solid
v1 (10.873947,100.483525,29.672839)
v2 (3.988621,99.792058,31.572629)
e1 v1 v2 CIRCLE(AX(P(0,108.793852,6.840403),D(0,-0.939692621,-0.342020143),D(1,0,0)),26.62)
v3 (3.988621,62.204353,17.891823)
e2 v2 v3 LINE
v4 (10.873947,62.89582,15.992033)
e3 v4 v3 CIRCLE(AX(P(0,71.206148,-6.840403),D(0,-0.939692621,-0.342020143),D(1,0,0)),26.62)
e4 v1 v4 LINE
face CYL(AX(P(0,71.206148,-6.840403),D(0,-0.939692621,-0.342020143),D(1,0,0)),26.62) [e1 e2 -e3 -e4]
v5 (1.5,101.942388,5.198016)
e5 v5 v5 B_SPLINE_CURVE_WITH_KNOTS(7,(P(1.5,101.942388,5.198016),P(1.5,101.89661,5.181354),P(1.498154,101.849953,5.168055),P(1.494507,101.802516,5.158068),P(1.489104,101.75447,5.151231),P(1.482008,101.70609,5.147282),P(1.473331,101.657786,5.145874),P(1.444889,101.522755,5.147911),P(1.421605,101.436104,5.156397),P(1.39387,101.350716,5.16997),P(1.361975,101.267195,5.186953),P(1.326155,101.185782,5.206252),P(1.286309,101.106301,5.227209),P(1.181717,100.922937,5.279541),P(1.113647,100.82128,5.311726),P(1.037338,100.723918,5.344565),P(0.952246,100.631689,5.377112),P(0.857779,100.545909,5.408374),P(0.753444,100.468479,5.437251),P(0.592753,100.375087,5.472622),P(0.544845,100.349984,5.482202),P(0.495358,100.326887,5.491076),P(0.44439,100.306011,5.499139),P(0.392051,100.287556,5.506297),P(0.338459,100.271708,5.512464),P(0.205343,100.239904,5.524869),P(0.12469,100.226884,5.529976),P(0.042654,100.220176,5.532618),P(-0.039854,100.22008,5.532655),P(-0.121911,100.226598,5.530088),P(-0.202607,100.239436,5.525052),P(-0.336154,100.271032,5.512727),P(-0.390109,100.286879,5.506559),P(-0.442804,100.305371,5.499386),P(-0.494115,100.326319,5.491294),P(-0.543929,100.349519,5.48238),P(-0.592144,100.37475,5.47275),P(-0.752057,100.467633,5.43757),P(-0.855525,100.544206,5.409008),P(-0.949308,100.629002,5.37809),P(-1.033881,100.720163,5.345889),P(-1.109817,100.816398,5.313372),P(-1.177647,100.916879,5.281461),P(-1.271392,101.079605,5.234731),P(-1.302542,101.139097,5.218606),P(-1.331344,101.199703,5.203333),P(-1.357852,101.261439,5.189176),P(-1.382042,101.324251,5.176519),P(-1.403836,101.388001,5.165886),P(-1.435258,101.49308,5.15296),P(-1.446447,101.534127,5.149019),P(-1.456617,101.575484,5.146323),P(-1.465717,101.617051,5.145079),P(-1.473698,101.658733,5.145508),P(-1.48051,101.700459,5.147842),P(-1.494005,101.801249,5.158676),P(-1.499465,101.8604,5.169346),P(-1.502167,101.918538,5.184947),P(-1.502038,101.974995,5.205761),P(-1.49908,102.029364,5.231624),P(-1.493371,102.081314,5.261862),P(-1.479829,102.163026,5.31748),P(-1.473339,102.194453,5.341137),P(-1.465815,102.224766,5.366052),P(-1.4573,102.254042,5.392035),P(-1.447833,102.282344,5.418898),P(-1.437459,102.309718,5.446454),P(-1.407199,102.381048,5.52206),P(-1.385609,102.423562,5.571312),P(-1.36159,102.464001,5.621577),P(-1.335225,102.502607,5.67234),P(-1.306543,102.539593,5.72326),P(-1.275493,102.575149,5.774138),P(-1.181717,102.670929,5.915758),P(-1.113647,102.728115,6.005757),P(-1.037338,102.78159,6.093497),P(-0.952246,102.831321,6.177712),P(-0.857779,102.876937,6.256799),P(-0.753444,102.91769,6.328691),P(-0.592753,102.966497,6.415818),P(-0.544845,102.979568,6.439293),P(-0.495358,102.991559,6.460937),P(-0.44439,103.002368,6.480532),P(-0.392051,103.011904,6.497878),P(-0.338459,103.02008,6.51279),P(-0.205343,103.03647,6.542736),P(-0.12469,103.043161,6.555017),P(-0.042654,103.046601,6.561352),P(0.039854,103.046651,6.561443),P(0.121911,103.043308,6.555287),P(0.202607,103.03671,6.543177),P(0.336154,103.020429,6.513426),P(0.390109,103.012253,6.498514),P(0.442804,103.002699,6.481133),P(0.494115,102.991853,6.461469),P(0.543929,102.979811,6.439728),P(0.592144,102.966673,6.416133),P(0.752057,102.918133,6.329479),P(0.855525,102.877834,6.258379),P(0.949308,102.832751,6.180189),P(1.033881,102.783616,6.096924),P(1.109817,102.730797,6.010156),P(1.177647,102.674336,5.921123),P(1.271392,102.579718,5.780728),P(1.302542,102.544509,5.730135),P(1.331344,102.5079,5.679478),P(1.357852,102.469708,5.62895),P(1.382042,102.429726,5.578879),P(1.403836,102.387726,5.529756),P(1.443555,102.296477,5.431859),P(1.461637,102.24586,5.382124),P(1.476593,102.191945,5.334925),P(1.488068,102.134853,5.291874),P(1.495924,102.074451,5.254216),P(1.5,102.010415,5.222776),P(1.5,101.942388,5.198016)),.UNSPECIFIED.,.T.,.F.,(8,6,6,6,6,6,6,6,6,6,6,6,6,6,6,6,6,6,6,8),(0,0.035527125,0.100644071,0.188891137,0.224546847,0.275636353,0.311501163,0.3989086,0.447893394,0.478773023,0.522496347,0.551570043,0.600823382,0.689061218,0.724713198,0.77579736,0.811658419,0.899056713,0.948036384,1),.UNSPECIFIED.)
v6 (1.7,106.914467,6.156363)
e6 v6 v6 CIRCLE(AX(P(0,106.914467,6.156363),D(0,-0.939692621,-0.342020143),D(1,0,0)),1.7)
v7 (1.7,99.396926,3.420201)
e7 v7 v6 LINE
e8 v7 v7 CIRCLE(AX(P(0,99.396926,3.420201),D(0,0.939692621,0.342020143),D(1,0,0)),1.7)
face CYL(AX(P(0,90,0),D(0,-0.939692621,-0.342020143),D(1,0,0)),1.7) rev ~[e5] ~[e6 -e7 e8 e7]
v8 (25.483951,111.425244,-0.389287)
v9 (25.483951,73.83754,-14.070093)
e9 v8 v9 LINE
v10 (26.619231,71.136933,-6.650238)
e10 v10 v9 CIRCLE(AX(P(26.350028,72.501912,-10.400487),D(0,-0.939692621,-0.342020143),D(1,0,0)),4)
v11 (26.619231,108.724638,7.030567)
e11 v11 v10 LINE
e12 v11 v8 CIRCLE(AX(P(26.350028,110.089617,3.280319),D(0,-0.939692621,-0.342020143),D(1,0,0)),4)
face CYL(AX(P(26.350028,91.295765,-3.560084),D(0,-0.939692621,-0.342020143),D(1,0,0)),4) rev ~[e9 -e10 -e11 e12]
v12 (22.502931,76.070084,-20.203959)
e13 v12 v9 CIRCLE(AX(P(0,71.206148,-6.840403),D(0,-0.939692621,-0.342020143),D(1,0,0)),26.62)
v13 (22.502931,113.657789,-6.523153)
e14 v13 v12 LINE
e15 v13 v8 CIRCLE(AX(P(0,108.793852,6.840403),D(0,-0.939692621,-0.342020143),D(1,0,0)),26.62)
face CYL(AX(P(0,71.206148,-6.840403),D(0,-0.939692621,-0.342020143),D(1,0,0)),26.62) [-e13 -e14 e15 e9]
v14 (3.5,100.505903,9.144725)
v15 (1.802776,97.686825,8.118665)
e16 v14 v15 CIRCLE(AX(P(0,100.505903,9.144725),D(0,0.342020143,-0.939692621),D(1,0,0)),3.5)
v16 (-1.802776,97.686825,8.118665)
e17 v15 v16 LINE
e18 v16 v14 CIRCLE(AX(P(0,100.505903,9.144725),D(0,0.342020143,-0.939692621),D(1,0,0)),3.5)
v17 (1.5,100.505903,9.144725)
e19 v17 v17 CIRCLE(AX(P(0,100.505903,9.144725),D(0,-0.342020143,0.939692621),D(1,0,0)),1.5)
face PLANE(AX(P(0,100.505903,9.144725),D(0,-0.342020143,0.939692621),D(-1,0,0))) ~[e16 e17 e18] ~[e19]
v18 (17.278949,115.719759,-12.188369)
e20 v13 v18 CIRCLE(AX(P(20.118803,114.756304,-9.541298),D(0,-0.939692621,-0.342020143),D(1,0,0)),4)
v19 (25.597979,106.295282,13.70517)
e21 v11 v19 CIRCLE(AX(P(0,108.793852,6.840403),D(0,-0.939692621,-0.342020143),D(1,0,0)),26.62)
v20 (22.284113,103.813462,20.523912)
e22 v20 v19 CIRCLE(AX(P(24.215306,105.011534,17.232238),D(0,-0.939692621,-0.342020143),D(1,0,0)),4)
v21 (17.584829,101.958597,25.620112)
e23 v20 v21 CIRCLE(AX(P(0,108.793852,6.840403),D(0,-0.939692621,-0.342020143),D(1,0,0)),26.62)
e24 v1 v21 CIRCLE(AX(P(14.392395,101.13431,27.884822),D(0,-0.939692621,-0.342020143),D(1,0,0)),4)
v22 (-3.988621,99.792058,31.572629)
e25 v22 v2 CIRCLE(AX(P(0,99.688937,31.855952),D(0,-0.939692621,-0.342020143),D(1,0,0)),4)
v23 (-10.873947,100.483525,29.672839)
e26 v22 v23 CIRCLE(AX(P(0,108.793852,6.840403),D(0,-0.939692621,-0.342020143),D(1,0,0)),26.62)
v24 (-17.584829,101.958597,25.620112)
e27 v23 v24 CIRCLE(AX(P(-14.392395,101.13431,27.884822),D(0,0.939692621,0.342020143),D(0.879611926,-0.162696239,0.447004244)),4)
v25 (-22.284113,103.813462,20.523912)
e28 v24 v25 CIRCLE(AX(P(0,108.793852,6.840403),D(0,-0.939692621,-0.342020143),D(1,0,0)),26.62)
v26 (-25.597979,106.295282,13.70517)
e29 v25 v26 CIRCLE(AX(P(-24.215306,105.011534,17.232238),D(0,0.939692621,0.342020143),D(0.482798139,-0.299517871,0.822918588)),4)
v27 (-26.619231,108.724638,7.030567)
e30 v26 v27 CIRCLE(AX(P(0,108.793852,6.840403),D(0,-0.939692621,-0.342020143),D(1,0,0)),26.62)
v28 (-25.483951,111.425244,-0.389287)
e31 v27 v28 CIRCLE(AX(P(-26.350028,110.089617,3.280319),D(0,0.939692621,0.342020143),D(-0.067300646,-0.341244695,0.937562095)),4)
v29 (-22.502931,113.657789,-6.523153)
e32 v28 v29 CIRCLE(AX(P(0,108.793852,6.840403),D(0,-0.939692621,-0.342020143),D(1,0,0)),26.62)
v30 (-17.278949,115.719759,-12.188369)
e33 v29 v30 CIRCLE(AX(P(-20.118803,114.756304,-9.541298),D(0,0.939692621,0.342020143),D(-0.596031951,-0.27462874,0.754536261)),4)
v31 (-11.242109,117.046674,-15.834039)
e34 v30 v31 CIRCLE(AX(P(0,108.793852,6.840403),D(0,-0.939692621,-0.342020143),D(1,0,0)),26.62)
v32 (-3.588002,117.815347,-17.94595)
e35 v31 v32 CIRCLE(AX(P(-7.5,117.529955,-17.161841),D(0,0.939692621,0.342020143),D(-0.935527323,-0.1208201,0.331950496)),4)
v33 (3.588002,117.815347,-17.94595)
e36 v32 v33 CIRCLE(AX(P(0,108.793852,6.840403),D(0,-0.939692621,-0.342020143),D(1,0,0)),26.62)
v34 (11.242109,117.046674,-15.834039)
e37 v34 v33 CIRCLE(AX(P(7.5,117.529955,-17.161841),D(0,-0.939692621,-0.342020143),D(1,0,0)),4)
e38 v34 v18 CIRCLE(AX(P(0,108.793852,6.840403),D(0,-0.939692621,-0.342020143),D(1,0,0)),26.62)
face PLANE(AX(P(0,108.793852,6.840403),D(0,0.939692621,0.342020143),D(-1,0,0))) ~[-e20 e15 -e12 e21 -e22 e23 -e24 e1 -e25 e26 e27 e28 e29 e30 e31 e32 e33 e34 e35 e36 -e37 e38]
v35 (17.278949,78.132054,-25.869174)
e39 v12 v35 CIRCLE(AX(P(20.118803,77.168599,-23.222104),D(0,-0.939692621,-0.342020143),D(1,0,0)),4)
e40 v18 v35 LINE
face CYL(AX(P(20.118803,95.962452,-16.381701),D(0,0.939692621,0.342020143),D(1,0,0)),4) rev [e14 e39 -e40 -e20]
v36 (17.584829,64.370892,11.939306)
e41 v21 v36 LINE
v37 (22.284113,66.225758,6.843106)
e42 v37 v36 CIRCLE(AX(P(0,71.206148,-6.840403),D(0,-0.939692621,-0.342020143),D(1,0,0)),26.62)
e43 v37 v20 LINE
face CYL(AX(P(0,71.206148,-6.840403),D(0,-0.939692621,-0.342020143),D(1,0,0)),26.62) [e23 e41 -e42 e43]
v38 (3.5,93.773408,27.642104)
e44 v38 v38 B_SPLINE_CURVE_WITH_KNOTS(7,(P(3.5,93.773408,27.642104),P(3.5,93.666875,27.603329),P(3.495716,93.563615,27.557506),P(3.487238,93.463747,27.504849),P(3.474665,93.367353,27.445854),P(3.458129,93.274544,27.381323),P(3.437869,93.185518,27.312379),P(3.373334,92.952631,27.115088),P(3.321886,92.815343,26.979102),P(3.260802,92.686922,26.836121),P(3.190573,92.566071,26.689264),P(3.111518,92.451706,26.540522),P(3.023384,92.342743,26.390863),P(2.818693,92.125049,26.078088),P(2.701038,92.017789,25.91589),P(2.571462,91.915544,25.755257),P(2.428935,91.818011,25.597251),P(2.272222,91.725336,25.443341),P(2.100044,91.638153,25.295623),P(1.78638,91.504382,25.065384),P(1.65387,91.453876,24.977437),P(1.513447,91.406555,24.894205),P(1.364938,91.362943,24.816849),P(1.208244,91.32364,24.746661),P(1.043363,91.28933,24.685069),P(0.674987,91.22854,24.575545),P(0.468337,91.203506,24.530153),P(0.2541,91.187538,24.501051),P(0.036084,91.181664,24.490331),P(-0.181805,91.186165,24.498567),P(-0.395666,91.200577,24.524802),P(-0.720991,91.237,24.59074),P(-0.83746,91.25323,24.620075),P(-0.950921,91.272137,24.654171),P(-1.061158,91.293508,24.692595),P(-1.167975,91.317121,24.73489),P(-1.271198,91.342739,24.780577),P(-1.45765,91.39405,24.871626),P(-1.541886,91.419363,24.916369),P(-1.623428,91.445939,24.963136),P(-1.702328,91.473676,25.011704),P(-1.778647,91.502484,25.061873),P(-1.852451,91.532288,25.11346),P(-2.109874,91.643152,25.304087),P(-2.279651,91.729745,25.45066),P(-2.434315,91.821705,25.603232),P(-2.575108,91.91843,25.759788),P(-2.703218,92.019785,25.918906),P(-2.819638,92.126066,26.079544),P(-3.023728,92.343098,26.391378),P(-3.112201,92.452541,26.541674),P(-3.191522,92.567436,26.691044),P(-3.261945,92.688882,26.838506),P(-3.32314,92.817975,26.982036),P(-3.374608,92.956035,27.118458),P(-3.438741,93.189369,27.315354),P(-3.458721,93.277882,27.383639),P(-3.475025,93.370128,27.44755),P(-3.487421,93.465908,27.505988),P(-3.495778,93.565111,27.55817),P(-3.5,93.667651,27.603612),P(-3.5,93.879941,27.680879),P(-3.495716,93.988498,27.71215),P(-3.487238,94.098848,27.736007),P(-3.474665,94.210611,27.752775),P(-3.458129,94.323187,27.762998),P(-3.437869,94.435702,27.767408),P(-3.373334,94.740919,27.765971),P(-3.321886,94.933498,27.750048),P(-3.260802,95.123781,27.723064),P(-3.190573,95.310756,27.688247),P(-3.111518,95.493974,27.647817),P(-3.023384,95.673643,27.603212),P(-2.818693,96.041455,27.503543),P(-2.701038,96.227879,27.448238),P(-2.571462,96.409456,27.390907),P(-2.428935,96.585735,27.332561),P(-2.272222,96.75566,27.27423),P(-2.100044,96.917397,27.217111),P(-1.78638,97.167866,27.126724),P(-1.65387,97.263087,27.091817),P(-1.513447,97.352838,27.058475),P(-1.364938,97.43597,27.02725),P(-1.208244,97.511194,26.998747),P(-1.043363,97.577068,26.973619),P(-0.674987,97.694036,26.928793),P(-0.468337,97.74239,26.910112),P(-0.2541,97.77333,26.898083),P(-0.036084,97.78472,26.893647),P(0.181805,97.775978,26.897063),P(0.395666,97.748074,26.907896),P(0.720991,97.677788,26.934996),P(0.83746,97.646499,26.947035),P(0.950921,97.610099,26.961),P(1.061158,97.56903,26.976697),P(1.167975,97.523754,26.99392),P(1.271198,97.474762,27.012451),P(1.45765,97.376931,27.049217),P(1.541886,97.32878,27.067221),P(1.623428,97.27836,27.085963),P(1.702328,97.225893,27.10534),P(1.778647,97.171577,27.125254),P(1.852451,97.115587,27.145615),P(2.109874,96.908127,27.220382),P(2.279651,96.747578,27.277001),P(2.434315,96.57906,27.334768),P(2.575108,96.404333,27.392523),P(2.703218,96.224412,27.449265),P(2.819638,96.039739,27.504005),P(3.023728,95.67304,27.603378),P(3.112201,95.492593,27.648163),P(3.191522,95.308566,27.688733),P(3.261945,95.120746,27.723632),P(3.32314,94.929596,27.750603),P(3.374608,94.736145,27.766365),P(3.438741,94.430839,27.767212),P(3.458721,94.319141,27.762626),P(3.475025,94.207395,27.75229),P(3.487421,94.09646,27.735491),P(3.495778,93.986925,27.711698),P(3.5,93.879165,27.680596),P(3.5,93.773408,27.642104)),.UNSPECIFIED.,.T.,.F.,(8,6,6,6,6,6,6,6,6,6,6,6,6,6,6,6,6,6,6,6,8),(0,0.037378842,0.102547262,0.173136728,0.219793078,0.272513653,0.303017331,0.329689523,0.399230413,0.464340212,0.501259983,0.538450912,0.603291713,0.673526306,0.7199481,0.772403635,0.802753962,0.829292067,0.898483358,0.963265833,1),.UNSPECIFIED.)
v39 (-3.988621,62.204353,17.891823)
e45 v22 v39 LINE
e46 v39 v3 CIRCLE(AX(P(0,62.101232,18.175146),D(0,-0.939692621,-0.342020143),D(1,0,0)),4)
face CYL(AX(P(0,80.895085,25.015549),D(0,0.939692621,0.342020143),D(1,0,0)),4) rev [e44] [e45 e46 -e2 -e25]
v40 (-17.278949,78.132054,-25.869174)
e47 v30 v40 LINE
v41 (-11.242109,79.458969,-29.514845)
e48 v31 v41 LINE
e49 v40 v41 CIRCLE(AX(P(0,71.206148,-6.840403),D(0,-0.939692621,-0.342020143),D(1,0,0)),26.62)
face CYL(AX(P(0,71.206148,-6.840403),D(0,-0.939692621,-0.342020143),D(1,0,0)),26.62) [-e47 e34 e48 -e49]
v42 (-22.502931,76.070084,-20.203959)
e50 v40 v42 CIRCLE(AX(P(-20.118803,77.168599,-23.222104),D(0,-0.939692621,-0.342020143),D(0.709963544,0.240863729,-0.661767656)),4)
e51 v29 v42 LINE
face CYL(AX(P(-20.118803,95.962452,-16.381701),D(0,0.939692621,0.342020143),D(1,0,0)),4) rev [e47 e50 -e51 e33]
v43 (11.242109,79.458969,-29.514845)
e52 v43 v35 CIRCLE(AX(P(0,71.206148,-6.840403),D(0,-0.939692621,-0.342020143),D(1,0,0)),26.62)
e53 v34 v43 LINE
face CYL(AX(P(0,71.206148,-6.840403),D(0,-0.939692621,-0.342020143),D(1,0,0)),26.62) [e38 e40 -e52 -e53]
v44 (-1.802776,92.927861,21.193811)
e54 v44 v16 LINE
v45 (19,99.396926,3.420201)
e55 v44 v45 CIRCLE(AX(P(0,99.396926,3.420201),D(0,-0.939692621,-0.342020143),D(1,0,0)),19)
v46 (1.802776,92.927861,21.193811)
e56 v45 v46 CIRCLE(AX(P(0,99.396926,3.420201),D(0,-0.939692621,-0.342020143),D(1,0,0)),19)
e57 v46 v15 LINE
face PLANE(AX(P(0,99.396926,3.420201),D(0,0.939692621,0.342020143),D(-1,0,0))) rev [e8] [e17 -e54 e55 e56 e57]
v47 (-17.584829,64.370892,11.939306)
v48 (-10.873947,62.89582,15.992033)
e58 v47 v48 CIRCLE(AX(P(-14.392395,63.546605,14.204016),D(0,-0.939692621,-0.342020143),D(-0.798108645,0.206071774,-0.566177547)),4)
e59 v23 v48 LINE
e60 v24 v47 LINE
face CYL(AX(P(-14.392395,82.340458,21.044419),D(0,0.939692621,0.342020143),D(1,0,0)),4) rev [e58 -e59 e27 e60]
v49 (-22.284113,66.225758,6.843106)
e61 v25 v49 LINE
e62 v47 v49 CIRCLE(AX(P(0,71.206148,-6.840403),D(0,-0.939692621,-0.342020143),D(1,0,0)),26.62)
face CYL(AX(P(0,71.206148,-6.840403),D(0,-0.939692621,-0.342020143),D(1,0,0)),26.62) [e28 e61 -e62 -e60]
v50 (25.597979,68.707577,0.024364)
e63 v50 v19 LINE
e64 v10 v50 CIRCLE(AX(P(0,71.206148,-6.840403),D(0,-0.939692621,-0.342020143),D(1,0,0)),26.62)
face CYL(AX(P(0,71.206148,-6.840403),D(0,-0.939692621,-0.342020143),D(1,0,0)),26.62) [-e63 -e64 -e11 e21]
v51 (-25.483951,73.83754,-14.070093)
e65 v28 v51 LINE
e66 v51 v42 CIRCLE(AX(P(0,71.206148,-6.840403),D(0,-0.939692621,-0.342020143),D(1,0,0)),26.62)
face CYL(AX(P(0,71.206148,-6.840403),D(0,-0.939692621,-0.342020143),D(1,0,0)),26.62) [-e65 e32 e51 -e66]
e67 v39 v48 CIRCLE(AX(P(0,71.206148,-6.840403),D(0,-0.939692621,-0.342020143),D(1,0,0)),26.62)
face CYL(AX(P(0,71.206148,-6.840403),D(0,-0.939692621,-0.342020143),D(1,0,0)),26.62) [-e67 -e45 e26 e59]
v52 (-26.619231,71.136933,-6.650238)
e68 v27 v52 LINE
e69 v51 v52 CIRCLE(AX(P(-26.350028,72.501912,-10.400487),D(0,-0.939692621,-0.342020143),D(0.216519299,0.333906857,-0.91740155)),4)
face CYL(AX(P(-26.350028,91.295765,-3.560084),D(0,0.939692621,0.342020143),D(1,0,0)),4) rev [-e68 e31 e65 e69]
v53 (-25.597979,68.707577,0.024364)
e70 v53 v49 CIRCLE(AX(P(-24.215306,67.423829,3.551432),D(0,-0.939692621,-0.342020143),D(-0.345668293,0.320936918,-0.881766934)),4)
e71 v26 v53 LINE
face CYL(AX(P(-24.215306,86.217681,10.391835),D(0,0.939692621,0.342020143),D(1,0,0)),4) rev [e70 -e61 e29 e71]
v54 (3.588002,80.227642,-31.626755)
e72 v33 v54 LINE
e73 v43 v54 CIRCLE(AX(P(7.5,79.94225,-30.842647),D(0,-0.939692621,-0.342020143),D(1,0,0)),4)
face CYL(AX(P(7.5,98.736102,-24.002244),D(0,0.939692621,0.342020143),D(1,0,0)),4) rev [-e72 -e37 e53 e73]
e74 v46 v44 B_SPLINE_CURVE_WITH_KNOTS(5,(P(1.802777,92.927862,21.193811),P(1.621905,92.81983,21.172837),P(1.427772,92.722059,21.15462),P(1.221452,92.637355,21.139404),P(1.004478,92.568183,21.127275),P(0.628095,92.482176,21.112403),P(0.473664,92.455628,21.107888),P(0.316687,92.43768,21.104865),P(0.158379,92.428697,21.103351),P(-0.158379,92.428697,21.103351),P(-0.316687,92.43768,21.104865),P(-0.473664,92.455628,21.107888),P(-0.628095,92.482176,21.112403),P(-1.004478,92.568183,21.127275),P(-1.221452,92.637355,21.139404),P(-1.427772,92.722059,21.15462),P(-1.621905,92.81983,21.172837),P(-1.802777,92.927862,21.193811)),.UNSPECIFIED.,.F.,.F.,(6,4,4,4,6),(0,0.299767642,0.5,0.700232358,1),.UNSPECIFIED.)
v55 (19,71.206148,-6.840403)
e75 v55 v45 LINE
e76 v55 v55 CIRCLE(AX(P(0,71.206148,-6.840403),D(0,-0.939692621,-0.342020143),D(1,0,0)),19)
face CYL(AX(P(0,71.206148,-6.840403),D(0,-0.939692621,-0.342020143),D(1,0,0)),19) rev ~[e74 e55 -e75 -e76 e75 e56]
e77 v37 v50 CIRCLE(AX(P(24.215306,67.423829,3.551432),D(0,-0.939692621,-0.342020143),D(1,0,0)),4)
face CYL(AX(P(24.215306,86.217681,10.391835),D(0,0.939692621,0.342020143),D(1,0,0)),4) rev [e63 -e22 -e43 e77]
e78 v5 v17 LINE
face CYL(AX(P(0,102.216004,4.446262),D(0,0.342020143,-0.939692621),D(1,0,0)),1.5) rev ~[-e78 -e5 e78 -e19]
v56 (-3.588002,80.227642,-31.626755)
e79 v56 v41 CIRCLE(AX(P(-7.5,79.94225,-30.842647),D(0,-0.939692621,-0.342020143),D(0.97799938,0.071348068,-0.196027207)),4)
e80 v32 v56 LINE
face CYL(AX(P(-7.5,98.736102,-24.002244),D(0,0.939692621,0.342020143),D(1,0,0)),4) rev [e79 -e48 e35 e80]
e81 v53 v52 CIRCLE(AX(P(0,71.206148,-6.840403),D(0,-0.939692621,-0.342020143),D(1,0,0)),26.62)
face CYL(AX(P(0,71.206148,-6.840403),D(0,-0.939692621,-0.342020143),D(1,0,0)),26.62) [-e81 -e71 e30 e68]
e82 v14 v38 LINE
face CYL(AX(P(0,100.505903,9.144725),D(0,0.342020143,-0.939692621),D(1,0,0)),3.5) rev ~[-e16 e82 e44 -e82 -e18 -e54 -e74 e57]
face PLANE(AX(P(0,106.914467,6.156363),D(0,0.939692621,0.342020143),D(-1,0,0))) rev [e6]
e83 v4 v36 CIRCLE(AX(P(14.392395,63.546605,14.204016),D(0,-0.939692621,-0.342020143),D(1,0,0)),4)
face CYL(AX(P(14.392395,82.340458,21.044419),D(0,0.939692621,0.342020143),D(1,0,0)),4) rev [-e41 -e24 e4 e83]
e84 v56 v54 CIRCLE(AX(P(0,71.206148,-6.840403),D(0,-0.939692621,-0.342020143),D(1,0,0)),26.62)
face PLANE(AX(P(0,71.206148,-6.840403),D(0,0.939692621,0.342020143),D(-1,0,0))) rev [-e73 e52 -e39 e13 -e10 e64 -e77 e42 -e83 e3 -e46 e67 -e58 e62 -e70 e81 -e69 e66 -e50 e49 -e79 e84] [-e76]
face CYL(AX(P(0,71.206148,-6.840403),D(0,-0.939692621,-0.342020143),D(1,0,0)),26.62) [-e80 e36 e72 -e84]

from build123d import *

# Parameters (mm, degrees)
CYLINDER003_R          = 1.7
CYLINDER003_DEPTH      = 18
CYLINDER003_ROLL_ANGLE = 90.0000000001
CYLINDER002_R          = 3.5
CYLINDER002_DEPTH      = 35
CYLINDER004_R          = 1.5
CYLINDER004_DEPTH      = 40
SKETCH_R               = 4
PAD_DEPTH              = 20
CYLINDER001_R          = 19
CYLINDER001_DEPTH      = 30
CYLINDER001_ROLL_ANGLE = 90.0000000001
CYLINDER_R             = 26.62
CYLINDER_DEPTH         = 40
CYLINDER_ROLL_ANGLE    = 90.0000000001
CUT002_ROLL_ANGLE      = -20


with BuildPart() as cilindro003:
    # Cylinder003 → Cylinder003 (new body)
    with BuildSketch(Plane.XY):
        Circle(CYLINDER003_R)
    extrude(amount=CYLINDER003_DEPTH)


with BuildPart() as cilindro003_1:
    # Cylinder003 roll: moved
    add(cilindro003.part.rotate(Axis((0, 0, 0), (1, 0, 0)), CYLINDER003_ROLL_ANGLE))


with BuildPart() as cilindro003_2:
    # Cylinder003 placement: moved
    add(cilindro003_1.part)


with BuildPart() as cilindro002:
    # Cylinder002 → Cylinder002 (new body)
    with BuildSketch(Plane(origin=(0, -13, 5), x_dir=(1, 0, 0), z_dir=(0, 0, 1))):
        Circle(CYLINDER002_R)
    extrude(amount=CYLINDER002_DEPTH)


with BuildPart() as fusion001:
    # Cylinder004 → Cylinder004 (new body)
    with BuildSketch(Plane(origin=(0, -13, 0), x_dir=(1, 0, 0), z_dir=(0, 0, 1))):
        Circle(CYLINDER004_R)
    extrude(amount=CYLINDER004_DEPTH)

    # Fusion001: union Cilindro003, Cilindro002
    add(cilindro003_2.part)
    add(cilindro002.part)


with BuildPart() as pad:
    # Sketch → Pad (new body, symmetric)
    with BuildSketch(Plane.XZ):
        with Locations((0, 26.6209914966)):
            Circle(SKETCH_R)
        with Locations((14.3923946042, 22.395003144)):
            Circle(SKETCH_R)
        with Locations((24.2153056134, 11.0587595287)):
            Circle(SKETCH_R)
        with Locations((26.3500281875, -3.7885620995)):
            Circle(SKETCH_R)
        with Locations((20.1188029925, -17.4330420298)):
            Circle(SKETCH_R)
        with Locations((7.5, -25.5426542917)):
            Circle(SKETCH_R)
        with Locations((-7.5, -25.5426542917)):
            Circle(SKETCH_R)
        with Locations((-26.3500281875, -3.7885620995)):
            Circle(SKETCH_R)
        with Locations((-24.2153056134, 11.0587595287)):
            Circle(SKETCH_R)
        with Locations((-14.3923946042, 22.395003144)):
            Circle(SKETCH_R)
        with Locations((-20.1188029925, -17.4330420298)):
            Circle(SKETCH_R)
    extrude(amount=PAD_DEPTH, both=True)


with BuildPart() as cilindro001:
    # Cylinder001 → Cylinder001 (new body)
    with BuildSketch(Plane.XY):
        Circle(CYLINDER001_R)
    extrude(amount=CYLINDER001_DEPTH)


with BuildPart() as cilindro001_1:
    # Cylinder001 roll: moved
    add(cilindro001.part.rotate(Axis((0, 0, 0), (1, 0, 0)), CYLINDER001_ROLL_ANGLE))


with BuildPart() as cilindro001_2:
    # Cylinder001 placement: moved
    add(cilindro001_1.part.moved(Location((0, 20, 0))))


with BuildPart() as cut002:
    # Cylinder → Cylinder (new body)
    with BuildSketch(Plane.XY):
        Circle(CYLINDER_R)
    extrude(amount=CYLINDER_DEPTH)


with BuildPart() as cut002_1:
    # Cylinder roll: moved
    add(cut002.part.rotate(Axis((0, 0, 0), (1, 0, 0)), CYLINDER_ROLL_ANGLE))


with BuildPart() as cut002_2:
    # Cylinder placement: moved
    add(cut002_1.part.moved(Location((0, 20, 0))))

    # Cut: cut Cilindro001
    add(cilindro001_2.part, mode=Mode.SUBTRACT)

    # Cut001: cut Pad
    add(pad.part, mode=Mode.SUBTRACT)

    # Cut002: cut Fusion001
    add(fusion001.part, mode=Mode.SUBTRACT)


with BuildPart() as cut002_3:
    # Cut002 roll: moved
    add(cut002_2.part.rotate(Axis((0, 0, 0), (1, 0, 0)), CUT002_ROLL_ANGLE))


with BuildPart() as cut002_4:
    # Cut002 placement: moved
    add(cut002_3.part)


with BuildPart() as part_mirroring008:
    # Part__Mirroring008: instance of Cut002
    add(cut002_4.part.mirror(Plane(origin=(0, 45, 0), x_dir=(1, 0, 0), z_dir=(0, 1, 0))))


solid = part_mirroring008.part
